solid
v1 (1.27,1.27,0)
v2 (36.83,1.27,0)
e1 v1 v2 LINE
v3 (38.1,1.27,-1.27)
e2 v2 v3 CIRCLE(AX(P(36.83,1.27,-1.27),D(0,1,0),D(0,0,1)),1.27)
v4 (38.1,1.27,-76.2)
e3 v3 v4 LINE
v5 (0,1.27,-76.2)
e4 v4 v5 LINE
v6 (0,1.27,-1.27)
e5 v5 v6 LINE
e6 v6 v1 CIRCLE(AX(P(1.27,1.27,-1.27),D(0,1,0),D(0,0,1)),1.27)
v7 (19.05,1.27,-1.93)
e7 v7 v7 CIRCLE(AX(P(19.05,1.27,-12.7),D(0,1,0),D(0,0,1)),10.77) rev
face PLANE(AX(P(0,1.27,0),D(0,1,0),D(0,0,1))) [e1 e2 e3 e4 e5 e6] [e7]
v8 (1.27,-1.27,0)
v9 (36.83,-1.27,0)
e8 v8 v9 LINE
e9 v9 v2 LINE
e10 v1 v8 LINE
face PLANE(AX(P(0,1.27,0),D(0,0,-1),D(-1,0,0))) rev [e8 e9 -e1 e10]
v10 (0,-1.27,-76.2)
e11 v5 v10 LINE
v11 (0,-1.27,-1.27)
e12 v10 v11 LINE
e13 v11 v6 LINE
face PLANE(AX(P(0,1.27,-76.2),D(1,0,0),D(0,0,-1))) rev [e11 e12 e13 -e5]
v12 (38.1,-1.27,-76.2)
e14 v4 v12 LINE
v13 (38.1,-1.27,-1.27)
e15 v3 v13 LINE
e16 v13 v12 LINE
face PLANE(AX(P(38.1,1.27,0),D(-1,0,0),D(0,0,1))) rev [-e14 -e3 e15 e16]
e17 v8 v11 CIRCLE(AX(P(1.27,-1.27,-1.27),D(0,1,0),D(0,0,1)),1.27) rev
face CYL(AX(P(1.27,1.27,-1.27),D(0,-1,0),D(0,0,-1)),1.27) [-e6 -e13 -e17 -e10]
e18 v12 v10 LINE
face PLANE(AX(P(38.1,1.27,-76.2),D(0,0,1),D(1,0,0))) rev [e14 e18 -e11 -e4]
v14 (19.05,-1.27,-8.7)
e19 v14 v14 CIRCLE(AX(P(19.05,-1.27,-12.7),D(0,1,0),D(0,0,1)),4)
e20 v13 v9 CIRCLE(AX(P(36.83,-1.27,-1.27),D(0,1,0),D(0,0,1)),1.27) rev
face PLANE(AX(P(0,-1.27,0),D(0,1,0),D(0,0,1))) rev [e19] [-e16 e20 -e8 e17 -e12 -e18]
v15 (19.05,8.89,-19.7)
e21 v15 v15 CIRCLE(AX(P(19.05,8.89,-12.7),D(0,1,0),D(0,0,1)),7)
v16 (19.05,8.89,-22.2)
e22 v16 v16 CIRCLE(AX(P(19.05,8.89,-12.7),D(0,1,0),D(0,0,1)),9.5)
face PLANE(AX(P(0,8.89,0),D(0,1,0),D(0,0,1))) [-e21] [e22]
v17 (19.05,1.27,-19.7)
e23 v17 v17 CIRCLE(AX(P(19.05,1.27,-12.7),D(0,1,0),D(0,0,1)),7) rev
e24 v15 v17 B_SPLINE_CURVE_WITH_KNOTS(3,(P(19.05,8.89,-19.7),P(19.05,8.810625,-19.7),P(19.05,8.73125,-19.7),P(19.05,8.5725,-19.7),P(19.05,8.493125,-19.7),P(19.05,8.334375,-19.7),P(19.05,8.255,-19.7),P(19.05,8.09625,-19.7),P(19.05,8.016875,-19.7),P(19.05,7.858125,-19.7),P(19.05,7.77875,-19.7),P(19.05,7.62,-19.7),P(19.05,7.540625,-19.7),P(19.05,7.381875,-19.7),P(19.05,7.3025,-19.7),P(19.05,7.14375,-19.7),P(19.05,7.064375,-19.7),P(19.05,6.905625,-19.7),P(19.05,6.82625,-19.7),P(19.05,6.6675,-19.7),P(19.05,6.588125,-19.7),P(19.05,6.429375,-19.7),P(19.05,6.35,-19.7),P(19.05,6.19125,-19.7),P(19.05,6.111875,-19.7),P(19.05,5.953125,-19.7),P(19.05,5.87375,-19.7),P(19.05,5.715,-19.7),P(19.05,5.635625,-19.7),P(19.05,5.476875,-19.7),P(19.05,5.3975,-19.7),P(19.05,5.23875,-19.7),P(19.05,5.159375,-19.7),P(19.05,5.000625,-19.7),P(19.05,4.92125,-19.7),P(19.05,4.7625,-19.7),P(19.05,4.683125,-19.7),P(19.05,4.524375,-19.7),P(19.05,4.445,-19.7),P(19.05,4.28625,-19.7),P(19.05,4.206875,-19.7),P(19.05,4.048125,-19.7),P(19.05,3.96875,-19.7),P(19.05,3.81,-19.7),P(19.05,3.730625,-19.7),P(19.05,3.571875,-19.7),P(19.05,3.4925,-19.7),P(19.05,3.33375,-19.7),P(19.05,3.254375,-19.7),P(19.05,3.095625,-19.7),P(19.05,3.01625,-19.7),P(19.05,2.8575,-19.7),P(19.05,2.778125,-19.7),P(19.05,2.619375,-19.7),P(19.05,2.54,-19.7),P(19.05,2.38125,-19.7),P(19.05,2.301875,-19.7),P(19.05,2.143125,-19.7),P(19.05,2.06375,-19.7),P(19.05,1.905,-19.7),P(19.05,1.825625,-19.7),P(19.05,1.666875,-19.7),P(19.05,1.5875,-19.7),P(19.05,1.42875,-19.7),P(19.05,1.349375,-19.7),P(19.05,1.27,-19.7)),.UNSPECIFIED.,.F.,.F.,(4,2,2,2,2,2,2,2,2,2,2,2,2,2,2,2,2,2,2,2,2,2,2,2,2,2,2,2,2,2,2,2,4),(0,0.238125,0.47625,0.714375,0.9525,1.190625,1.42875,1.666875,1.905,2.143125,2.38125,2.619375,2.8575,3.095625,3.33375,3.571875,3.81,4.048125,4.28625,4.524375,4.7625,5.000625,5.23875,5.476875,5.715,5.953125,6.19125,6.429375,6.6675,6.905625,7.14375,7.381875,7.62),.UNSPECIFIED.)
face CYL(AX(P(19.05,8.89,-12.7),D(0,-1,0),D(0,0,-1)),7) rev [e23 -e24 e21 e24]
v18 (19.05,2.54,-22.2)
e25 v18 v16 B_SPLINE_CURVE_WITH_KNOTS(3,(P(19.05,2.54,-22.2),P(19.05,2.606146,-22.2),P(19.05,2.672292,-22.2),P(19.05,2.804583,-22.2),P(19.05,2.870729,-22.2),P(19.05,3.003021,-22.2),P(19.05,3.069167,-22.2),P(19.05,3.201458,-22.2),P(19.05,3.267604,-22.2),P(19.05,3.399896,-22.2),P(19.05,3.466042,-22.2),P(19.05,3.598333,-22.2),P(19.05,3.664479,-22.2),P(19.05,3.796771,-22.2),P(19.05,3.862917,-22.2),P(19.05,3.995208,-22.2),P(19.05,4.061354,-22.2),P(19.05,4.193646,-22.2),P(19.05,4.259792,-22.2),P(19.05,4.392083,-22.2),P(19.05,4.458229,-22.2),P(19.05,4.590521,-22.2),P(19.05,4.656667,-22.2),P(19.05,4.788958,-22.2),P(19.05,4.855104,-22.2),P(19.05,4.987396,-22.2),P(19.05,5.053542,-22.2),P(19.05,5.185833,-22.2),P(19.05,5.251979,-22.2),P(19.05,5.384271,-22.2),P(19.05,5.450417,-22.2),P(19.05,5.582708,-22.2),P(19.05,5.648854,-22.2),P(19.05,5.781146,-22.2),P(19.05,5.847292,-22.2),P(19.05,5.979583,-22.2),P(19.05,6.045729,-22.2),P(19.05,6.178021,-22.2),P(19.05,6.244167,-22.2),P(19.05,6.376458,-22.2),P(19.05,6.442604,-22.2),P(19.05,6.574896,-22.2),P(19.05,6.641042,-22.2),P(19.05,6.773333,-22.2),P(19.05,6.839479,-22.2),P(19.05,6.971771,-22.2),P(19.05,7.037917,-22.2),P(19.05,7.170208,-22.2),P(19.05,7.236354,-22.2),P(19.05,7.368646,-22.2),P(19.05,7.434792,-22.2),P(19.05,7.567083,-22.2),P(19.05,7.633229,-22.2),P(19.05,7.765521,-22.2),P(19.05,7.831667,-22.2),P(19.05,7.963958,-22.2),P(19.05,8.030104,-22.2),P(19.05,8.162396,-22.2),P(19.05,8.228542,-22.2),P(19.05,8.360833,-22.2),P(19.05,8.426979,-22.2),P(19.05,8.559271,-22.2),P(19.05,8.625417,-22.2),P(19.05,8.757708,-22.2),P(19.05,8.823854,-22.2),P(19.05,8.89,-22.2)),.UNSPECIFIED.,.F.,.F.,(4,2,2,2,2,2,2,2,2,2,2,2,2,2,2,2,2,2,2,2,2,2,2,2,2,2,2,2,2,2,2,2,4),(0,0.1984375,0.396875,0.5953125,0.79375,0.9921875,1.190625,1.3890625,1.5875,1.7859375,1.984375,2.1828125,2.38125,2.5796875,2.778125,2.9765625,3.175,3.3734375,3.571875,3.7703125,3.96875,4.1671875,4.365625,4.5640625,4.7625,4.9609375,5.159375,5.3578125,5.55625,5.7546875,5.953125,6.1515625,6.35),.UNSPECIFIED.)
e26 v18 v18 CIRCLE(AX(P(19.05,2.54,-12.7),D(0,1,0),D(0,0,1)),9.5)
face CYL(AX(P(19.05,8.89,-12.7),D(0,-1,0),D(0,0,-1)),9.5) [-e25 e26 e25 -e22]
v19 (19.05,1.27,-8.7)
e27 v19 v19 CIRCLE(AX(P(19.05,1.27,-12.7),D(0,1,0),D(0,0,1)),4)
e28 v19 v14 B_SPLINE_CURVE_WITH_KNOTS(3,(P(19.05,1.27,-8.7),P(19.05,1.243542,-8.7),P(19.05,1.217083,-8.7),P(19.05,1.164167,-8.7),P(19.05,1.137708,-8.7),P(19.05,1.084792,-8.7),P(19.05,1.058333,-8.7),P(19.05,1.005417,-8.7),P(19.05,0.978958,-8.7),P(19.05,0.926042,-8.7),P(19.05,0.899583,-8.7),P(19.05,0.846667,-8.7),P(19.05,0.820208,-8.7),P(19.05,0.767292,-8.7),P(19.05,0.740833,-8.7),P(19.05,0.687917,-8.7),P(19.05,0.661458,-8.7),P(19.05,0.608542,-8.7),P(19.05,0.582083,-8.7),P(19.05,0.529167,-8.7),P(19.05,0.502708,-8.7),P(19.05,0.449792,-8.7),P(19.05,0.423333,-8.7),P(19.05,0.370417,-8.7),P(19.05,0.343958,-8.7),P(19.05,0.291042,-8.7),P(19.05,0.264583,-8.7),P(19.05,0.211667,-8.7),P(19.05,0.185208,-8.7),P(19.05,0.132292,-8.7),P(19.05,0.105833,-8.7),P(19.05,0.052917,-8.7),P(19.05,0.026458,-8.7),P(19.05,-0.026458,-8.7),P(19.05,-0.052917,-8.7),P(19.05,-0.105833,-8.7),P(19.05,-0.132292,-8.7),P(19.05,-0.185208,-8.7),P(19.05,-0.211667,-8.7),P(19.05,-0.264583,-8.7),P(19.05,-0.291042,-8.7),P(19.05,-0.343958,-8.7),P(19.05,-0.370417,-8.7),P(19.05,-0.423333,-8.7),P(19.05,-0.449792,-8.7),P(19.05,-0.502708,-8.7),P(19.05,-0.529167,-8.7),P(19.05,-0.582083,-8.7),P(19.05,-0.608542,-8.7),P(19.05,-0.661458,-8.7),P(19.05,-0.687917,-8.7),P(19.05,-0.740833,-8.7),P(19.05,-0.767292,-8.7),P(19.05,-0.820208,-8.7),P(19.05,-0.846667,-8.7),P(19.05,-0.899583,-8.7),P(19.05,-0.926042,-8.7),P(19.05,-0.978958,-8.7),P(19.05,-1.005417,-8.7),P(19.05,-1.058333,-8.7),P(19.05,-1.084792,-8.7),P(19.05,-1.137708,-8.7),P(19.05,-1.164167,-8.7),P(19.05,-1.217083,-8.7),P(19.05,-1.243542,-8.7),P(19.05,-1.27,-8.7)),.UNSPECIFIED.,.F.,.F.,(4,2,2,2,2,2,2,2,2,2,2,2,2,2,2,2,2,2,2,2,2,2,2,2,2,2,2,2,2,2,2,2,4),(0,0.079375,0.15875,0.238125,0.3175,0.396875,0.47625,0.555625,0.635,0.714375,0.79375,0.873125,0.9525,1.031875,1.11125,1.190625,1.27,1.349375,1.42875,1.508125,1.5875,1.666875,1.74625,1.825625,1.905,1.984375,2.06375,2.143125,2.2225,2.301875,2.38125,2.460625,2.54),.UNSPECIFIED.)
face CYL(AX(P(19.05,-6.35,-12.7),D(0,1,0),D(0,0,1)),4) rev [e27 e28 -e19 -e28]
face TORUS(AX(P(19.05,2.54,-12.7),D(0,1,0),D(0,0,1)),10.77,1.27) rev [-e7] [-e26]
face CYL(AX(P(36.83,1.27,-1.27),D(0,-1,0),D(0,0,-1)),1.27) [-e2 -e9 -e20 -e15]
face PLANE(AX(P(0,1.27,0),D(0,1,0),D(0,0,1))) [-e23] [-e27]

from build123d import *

# Parameters (mm, degrees)
SKETCH1_W           = 38.1
SKETCH1_H           = 76.2
BOSS_EXTRUDE1_DEPTH = 1.27
BOSS_EXTRUDE2_DEPTH = 7.62
CUT_EXTRUDE2_DEPTH  = 7.62
FILLET1_R           = 1.27
FILLET2_R           = 1.27


with BuildPart() as part:
    # Sketch1 → Boss-Extrude1 (new, symmetric)
    with BuildSketch(Plane(origin=(0, 0, 0), x_dir=(1, 0, 0), z_dir=(0, 1, 0))):
        with Locations((19.05, 38.1)):
            Rectangle(SKETCH1_W, SKETCH1_H)
    extrude(amount=BOSS_EXTRUDE1_DEPTH, both=True)

    # Sketch3 → Boss-Extrude2 (add)
    with BuildSketch(Plane(origin=(0, 1.27, 0), x_dir=(1, 0, 0), z_dir=(0, 1, 0))):
        with BuildLine():
            ThreePointArc((28.55, 12.7), (12.332485579, 19.417514421), (19.05, 3.2))
            ThreePointArc((19.05, 3.2), (25.767514421, 5.982485579), (28.55, 12.7))
        make_face()
        with BuildLine():
            ThreePointArc((26.05, 12.7), (23.999747468, 7.750252532), (19.05, 5.7))
            ThreePointArc((19.05, 5.7), (14.100252532, 17.649747468), (26.05, 12.7))
        make_face(mode=Mode.SUBTRACT)
    extrude(amount=BOSS_EXTRUDE2_DEPTH)

    # Sketch3<5> → Cut-Extrude2 (cut)
    with BuildSketch(Plane(origin=(0, 1.27, 0), x_dir=(1, 0, 0), z_dir=(0, 1, 0))):
        with BuildLine():
            ThreePointArc((23.05, 12.7), (16.221572875, 15.528427125), (19.05, 8.7))
            ThreePointArc((19.05, 8.7), (21.878427125, 9.871572875), (23.05, 12.7))
        make_face()
    extrude(amount=-CUT_EXTRUDE2_DEPTH, mode=Mode.SUBTRACT)

    # Fillet1
    fillet1_edges = [part.edges().sort_by_distance(p)[0] for p in [
        (19.05, 1.27, -22.2),
    ]]
    fillet(fillet1_edges, radius=FILLET1_R)

    # Fillet2
    fillet2_edges = [part.edges().sort_by_distance(p)[0] for p in [
        (38.1, 0, 0),
        (0, 0, 0),
    ]]
    fillet(fillet2_edges, radius=FILLET2_R)


solid = part.part
